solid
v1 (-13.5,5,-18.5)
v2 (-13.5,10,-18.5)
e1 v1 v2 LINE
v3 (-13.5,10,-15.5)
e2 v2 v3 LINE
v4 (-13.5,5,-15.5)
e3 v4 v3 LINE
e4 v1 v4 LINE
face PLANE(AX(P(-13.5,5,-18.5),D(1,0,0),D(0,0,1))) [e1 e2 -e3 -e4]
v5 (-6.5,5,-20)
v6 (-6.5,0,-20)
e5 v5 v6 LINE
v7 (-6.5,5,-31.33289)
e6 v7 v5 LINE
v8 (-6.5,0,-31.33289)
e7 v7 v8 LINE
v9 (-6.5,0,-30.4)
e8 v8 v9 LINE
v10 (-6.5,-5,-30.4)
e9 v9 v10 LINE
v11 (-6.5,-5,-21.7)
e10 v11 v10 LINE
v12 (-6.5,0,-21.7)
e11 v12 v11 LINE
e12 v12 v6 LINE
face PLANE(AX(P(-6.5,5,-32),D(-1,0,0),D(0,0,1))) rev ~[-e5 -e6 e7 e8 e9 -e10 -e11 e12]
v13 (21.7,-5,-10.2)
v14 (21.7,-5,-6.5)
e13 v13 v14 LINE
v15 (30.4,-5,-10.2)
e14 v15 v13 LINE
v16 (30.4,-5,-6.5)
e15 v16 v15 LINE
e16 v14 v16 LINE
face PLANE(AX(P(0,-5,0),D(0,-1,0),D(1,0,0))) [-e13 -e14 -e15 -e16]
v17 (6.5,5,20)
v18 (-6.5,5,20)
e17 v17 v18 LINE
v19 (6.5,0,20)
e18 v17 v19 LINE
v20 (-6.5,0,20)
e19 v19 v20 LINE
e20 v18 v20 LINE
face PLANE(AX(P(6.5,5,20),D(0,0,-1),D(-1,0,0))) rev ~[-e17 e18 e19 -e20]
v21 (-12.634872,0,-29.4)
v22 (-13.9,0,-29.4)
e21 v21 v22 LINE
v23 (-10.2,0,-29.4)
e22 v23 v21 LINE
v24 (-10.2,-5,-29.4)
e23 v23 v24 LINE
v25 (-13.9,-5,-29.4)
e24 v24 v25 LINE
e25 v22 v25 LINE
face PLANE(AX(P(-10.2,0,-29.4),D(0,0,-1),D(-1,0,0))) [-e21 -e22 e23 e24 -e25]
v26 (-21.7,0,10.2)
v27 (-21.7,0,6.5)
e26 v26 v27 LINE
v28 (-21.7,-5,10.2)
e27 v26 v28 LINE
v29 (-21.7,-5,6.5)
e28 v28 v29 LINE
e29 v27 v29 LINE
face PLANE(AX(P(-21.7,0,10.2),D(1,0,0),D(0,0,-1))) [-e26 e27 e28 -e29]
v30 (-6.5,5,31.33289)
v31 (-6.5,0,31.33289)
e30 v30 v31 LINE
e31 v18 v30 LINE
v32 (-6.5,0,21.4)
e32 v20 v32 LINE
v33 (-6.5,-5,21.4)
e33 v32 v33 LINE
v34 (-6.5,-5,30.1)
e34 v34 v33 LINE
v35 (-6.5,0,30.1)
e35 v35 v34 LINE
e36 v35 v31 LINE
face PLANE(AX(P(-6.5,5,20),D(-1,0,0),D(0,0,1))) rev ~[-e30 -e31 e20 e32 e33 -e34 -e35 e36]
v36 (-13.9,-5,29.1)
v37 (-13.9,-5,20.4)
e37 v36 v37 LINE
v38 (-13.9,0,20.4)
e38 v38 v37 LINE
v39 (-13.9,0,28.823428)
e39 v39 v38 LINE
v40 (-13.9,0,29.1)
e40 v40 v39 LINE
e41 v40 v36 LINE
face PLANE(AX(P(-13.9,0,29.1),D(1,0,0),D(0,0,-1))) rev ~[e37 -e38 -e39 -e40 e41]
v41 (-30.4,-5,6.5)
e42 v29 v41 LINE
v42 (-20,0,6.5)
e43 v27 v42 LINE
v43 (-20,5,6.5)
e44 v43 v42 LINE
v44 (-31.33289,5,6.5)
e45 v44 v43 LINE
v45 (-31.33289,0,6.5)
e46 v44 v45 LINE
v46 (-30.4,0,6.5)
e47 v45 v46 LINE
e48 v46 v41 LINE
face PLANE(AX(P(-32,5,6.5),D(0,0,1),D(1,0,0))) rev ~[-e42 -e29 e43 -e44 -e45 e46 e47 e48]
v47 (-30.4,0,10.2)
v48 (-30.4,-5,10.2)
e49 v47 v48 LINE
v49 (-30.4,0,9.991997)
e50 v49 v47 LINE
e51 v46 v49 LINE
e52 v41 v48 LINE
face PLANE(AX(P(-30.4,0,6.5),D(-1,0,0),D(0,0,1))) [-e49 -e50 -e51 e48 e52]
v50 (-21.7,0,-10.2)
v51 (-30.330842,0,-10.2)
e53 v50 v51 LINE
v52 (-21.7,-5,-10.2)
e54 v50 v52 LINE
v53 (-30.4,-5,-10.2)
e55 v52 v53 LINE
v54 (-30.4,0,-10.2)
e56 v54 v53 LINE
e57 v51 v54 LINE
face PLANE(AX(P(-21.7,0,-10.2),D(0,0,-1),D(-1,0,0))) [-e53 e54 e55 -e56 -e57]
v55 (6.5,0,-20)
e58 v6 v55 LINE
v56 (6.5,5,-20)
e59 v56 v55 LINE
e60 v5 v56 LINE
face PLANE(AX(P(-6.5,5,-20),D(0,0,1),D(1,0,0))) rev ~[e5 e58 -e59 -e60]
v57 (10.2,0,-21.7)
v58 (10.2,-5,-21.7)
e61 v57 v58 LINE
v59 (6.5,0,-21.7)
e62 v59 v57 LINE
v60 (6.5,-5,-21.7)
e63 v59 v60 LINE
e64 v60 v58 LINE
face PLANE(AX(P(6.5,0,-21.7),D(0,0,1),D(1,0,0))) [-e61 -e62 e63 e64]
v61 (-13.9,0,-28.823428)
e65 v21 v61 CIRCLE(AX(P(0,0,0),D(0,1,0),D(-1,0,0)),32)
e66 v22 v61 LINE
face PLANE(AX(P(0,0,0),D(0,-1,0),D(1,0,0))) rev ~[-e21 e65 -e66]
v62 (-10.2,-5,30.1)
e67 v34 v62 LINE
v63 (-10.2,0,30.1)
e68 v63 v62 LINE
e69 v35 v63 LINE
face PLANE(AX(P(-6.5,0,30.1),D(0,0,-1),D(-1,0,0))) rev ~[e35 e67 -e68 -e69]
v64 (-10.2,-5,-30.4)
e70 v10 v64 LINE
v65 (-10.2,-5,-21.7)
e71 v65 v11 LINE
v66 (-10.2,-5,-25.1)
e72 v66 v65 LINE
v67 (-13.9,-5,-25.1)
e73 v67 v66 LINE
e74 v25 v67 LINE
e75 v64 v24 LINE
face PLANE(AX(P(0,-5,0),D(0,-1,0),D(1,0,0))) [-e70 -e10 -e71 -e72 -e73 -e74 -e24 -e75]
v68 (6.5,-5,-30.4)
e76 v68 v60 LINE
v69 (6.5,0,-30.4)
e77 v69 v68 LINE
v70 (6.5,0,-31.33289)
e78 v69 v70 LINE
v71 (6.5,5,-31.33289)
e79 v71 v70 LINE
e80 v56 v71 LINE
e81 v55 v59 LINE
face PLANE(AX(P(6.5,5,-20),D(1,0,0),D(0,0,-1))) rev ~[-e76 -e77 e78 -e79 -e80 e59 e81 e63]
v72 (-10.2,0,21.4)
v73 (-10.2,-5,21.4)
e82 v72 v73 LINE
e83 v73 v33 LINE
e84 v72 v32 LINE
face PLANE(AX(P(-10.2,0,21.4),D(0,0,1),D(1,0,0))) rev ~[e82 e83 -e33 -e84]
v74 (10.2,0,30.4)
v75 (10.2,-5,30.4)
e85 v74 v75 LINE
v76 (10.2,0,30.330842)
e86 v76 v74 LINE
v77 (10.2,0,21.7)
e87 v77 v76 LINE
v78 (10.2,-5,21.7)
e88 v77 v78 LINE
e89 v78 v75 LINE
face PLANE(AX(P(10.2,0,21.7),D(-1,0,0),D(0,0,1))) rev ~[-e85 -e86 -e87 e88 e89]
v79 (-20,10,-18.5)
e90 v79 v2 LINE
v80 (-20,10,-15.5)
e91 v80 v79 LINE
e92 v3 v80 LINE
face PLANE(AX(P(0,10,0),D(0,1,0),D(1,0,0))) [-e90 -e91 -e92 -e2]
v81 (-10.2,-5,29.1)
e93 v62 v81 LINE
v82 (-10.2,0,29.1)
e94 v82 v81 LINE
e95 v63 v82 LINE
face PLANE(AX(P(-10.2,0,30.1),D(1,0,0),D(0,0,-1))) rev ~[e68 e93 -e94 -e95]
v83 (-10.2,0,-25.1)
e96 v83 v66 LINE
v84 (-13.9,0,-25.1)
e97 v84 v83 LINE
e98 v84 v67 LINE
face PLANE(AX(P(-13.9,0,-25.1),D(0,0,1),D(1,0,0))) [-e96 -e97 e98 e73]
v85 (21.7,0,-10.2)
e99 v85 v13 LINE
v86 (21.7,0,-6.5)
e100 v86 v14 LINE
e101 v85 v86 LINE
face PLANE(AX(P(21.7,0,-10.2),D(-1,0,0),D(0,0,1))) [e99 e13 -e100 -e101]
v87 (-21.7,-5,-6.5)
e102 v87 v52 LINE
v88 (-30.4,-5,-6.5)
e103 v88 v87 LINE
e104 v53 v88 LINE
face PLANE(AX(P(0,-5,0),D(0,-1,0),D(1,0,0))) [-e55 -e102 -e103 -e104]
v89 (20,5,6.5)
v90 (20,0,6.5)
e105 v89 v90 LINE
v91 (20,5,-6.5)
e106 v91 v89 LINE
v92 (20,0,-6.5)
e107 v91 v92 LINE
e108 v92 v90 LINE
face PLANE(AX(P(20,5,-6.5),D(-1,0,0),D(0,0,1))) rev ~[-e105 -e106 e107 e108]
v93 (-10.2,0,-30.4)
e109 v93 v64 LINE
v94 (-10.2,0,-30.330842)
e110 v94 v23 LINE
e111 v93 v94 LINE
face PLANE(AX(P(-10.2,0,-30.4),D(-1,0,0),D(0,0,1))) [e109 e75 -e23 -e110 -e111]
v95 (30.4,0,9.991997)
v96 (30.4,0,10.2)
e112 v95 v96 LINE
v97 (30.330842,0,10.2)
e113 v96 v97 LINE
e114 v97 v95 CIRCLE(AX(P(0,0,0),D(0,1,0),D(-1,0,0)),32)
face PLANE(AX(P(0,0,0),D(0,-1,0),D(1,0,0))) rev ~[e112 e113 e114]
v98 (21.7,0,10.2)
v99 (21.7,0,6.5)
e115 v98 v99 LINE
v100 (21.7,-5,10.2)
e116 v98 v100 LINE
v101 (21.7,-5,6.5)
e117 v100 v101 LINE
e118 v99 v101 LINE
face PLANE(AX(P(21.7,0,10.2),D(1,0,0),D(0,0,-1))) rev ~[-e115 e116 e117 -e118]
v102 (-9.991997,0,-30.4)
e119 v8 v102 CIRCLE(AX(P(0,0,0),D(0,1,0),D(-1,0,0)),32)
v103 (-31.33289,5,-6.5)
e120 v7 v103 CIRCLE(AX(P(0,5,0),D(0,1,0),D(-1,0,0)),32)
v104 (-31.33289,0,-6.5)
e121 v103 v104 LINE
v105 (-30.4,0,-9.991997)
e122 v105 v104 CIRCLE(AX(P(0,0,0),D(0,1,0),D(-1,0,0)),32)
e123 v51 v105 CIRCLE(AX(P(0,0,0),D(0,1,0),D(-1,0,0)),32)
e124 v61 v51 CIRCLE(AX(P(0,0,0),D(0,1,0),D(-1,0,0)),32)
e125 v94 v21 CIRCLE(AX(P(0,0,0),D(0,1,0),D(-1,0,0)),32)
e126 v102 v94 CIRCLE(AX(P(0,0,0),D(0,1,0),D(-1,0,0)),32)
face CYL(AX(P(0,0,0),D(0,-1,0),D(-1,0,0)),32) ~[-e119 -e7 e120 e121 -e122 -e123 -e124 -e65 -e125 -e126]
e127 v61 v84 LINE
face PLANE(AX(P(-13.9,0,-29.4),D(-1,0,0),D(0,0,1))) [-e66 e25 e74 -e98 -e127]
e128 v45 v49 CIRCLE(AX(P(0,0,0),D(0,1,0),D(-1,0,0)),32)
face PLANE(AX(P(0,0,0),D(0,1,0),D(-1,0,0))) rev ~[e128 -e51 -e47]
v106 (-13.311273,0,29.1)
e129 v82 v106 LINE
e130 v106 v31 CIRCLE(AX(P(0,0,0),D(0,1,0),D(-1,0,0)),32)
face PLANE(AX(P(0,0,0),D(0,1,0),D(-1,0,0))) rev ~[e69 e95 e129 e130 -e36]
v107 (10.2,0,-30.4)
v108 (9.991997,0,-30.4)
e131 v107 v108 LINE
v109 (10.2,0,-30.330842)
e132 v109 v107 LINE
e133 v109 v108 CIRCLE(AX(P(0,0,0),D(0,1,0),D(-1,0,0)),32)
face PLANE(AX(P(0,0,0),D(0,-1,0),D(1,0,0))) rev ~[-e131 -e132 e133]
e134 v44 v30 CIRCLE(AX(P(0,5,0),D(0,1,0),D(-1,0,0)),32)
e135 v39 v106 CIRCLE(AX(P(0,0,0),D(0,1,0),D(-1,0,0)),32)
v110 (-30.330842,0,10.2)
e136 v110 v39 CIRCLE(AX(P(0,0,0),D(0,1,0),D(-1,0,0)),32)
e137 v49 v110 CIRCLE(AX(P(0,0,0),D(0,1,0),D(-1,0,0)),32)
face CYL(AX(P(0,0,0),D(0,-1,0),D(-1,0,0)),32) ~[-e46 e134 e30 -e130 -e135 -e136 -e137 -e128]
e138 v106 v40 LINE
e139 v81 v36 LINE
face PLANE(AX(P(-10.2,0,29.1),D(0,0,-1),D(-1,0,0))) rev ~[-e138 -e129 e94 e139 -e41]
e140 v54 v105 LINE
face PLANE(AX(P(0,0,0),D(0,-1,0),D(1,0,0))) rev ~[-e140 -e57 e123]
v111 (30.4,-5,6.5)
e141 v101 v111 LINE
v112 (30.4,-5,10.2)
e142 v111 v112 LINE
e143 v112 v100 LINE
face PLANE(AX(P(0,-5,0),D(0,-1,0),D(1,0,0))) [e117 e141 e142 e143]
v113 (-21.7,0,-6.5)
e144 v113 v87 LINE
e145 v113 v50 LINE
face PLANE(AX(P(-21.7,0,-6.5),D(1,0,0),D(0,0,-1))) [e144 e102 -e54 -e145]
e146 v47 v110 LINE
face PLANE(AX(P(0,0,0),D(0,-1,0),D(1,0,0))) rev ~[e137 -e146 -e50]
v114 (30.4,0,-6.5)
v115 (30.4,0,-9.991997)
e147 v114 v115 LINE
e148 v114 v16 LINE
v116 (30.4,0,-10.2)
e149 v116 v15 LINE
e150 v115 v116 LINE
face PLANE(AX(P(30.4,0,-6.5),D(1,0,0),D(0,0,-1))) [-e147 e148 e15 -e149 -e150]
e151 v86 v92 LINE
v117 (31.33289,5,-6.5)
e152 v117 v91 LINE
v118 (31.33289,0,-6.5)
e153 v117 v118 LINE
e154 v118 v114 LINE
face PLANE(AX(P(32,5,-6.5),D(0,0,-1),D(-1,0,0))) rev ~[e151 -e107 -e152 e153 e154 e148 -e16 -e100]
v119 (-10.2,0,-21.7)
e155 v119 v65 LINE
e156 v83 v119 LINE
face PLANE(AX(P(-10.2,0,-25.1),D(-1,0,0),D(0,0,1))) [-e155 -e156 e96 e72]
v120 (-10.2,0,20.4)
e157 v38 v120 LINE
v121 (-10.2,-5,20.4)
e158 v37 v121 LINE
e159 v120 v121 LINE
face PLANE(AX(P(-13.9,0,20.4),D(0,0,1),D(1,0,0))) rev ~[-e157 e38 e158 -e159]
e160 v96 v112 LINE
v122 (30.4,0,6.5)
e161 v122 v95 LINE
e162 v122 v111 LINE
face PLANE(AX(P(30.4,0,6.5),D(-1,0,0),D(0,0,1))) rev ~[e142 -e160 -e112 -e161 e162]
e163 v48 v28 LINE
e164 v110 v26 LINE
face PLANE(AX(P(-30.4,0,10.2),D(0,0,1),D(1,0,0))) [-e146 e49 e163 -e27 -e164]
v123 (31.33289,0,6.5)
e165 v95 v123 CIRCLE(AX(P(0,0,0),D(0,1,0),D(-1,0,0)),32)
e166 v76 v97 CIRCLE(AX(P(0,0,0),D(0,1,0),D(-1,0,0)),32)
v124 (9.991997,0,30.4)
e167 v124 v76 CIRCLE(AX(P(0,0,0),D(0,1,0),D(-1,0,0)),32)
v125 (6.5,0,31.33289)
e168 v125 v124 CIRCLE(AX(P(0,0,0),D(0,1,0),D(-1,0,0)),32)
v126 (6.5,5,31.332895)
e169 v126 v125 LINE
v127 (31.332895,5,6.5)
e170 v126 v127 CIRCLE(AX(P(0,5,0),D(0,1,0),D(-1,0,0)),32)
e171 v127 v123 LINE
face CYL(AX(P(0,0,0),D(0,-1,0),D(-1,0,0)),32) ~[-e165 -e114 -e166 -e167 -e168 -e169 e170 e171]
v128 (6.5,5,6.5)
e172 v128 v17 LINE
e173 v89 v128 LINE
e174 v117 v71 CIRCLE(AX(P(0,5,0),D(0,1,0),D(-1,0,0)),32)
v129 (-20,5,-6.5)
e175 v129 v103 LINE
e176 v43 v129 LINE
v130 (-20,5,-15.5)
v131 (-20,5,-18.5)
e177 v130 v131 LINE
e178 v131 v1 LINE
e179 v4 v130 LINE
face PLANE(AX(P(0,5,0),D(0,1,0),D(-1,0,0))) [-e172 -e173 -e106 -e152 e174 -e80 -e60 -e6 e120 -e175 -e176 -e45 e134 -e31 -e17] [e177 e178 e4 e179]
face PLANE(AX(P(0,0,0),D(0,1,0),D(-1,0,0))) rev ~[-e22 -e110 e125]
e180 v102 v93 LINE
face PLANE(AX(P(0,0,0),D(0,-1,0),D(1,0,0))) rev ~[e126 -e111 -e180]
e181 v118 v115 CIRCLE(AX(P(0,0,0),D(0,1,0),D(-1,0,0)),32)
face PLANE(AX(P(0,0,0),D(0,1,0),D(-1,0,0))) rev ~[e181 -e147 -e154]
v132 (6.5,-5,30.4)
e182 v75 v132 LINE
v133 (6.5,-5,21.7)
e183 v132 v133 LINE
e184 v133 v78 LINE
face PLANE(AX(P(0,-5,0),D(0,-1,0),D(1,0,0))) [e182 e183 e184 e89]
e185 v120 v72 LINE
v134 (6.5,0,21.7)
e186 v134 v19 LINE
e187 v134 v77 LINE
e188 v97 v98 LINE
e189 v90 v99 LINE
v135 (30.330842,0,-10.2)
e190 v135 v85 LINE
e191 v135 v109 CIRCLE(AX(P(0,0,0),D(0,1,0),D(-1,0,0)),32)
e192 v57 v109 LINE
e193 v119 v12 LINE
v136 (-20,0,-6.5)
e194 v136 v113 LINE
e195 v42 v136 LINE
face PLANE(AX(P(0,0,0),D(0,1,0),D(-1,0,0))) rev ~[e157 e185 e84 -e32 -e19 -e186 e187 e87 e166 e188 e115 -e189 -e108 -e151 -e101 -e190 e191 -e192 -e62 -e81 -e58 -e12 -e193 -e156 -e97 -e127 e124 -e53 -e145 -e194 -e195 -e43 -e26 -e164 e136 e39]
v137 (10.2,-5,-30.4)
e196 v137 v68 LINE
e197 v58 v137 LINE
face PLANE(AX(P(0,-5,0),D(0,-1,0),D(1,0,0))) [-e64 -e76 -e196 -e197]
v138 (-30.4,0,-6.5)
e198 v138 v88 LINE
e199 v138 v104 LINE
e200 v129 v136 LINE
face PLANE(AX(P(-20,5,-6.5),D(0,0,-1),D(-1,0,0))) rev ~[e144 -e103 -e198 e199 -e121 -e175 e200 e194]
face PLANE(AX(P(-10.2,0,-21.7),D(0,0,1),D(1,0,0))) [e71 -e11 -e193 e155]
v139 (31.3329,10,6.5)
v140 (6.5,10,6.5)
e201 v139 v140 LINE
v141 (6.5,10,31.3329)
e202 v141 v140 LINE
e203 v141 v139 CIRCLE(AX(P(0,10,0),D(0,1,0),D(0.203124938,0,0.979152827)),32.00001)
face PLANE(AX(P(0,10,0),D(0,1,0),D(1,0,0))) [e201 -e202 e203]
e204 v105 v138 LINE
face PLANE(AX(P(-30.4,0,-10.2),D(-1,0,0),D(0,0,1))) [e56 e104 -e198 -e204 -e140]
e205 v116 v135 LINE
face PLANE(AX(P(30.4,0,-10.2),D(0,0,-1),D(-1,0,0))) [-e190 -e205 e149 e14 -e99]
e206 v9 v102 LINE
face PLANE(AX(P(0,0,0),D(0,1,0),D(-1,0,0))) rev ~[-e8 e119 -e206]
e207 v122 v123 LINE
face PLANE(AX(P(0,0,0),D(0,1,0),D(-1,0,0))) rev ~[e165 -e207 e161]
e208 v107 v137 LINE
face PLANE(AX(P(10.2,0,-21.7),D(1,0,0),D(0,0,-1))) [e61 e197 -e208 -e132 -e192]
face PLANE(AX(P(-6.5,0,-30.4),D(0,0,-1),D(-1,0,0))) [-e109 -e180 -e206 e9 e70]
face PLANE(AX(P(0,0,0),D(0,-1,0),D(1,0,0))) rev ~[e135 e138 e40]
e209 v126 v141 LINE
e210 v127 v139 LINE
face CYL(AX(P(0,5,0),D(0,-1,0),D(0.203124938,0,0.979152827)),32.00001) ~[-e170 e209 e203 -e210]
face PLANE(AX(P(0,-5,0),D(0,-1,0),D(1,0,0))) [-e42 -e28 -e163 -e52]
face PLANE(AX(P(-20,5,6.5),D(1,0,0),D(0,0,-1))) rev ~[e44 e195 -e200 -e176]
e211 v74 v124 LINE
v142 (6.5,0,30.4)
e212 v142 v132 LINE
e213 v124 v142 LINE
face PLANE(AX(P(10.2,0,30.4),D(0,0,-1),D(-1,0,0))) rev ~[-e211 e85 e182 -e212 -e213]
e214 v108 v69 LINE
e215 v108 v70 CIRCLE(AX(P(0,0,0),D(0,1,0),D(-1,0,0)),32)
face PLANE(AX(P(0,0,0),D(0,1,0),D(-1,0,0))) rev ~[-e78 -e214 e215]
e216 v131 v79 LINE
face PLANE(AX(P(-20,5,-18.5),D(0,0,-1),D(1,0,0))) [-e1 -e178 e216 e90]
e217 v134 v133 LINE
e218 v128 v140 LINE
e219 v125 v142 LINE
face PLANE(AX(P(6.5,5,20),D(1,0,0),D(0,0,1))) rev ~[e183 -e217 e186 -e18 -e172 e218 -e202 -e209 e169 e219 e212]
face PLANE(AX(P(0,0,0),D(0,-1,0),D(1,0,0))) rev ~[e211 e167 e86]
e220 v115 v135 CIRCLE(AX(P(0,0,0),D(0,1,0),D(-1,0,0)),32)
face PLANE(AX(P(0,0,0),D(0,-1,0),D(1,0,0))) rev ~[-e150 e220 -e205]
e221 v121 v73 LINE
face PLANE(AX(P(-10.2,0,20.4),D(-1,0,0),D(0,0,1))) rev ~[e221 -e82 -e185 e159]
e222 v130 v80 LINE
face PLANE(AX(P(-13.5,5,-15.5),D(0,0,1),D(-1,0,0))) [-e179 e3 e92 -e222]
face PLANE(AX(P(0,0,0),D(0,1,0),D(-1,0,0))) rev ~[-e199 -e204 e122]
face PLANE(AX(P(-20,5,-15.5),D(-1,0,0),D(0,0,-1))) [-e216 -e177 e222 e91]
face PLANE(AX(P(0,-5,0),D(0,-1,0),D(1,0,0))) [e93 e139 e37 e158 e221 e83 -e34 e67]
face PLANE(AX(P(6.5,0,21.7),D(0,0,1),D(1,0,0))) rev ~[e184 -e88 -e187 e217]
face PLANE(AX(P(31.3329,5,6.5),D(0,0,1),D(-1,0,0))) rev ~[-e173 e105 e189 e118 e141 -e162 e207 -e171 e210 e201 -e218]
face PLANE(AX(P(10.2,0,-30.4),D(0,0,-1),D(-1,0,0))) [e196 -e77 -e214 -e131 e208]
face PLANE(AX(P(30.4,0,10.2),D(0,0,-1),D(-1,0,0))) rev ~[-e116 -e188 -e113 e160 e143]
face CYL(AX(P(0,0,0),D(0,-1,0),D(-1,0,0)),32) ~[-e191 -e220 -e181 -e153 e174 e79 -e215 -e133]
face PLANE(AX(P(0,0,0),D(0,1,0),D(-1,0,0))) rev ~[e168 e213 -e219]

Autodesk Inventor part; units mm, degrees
ref_plane "YZ Plane" through (0, 0, 0) normal (1, 0, 0) x (0, 1, 0)
ref_plane "XZ Plane" through (0, 0, 0) normal (0, 1, 0) x (-1, 0, 0)
ref_plane "XY Plane" through (0, 0, 0) normal (0, 0, 1) x (1, 0, 0)
sketch "Sketch4" plane through (0, 0, 0) normal (0, 1, 0) x (-1, 0, 0)
  circle A0 centre (0, 0) radius 32
  dimension "d48" = 64
extrude "Extrusion1" add sketch "Sketch4" along normal blind 5
sketch "Sketch5" plane through (0, 5, 0) normal (0, 1, 0) x (1, 0, 0)
  line L0 (-6.5, -32) -> (6.5, -32)
  line L1 (6.5, -32) -> (6.5, -20)
  line L2 (6.5, -20) -> (-6.5, -20)
  line L3 (-6.5, -20) -> (-6.5, -32)
  line L4 (-32, -6.5) -> (-20, -6.5)
  line L5 (-20, -6.5) -> (-20, 6.5)
  line L6 (-20, 6.5) -> (-32, 6.5)
  line L7 (-32, 6.5) -> (-32, -6.5)
  line L8 (-6.5, 20) -> (6.5, 20)
  line L9 (6.5, 20) -> (6.5, 32)
  line L10 (6.5, 32) -> (-6.5, 32)
  line L11 (-6.5, 32) -> (-6.5, 20)
  line L12 (20, -6.5) -> (32, -6.5)
  line L13 (32, -6.5) -> (32, 6.5)
  line L14 (32, 6.5) -> (20, 6.5)
  line L15 (20, 6.5) -> (20, -6.5)
  line L16 (0, 0) -> (-6.9492, 0)
  line L17 (0, 0) -> (0, 8.4834)
  dimension "d51" = 13
  dimension "d52" = 12
  dimension "d53" = 12
  dimension "d54" = 13
  dimension "d57" = 13
  dimension "d58" = 12
  dimension "d59" = 12
  dimension "d60" = 13
  dimension "d61" = 40
  dimension "d62" = 40
extrude "Extrusion2" cut sketch "Sketch5" against normal blind 5
sketch "Sketch6" plane through (0, 5, 0) normal (0, 1, 0) x (1, 0, 0)
  arc A0 (6.5, -31.3329) -> (31.3329, -6.5) centre (0, 0) ccw projected
  line L0 (31.3329, -6.5) -> (6.5, -6.5)
  line L1 (6.5, -6.5) -> (6.5, -31.3329)
  line L2 (6.5, -31.3329) -> (6.5, -20) projected
  arc A1 (6.5, -31.3329) -> (31.3329, -6.5) centre (0, 0) ccw
extrude "Extrusion3" add sketch "Sketch6" along normal blind 5
sketch "Sketch7" plane through (0, 5, 0) normal (0, 1, 0) x (1, 0, 0)
  line L0 (-20, 6.5) -> (-20, -6.5) projected
  line L1 (-20, 6.5) -> (-20, 20)
  line L2 (6.5, 20) -> (-6.5, 20) projected
  line L3 (-6.5, 20) -> (-20, 20)
  line L4 (-20, 18.5) -> (-13.5, 18.5)
  line L5 (-13.5, 18.5) -> (-13.5, 15.5)
  line L6 (-13.5, 15.5) -> (-20, 15.5)
  line L7 (-20, 15.5) -> (-20, 18.5)
  line L8 (-6.5, 20) -> (-6.5, 31.3329) projected
  point P0 (0, 0)
  dimension "d69" = 7
  dimension "d70" = 1.5
  dimension "d71" = 6.5
  dimension "d72" = 3
extrude "Extrusion4" add sketch "Sketch7" along normal blind 5
sketch "Sketch8" plane through (0, 0, 0) normal (0, -1, 0) x (1, 0, 0)
  point P0 (0, 0)
sketch "Sketch9" plane through (0, 0, 0) normal (0, -1, 0) x (1, 0, 0)
  line L0 (-31.3329, -6.5) -> (-20, -6.5) projected
  line L1 (-30.4, -6.5) -> (-21.7, -6.5)
  line L2 (-21.7, -6.5) -> (-21.7, -10.2)
  line L3 (-21.7, -10.2) -> (-30.4, -10.2)
  line L4 (-30.4, -10.2) -> (-30.4, -6.5)
  line L5 (-20, 6.5) -> (-31.3329, 6.5) projected
  line L6 (-21.7, 6.5) -> (-30.4, 6.5)
  line L7 (-30.4, 6.5) -> (-30.4, 10.2)
  line L8 (-30.4, 10.2) -> (-21.7, 10.2)
  line L9 (-21.7, 10.2) -> (-21.7, 6.5)
  line L10 (6.5, 31.3329) -> (6.5, 20) projected
  line L11 (6.5, 21.7) -> (10.2, 21.7)
  line L12 (10.2, 21.7) -> (10.2, 30.4)
  line L13 (10.2, 30.4) -> (6.5, 30.4)
  line L14 (6.5, 30.4) -> (6.5, 21.7)
  line L15 (6.5, -31.3329) -> (6.5, -20) projected
  line L16 (6.5, -21.7) -> (10.2, -21.7)
  line L17 (10.2, -21.7) -> (10.2, -30.4)
  line L18 (10.2, -30.4) -> (6.5, -30.4)
  line L19 (6.5, -30.4) -> (6.5, -21.7)
  line L20 (20, 6.5) -> (31.3329, 6.5) projected
  line L21 (21.7, 6.5) -> (30.4, 6.5)
  line L22 (30.4, 6.5) -> (30.4, 10.2)
  line L23 (30.4, 10.2) -> (21.7, 10.2)
  line L24 (21.7, 10.2) -> (21.7, 6.5)
  line L25 (21.7, -6.5) -> (30.4, -6.5)
  line L26 (30.4, -6.5) -> (30.4, -10.2)
  line L27 (30.4, -10.2) -> (21.7, -10.2)
  line L28 (21.7, -10.2) -> (21.7, -6.5)
  line L29 (-6.5, -20) -> (-6.5, -31.3329) projected
  line L30 (-6.5, -30.4) -> (-10.2, -30.4)
  line L31 (-10.2, -30.4) -> (-10.2, -21.7)
  line L32 (-10.2, -21.7) -> (-6.5, -21.7)
  line L33 (-6.5, -21.7) -> (-6.5, -30.4)
  line L34 (-6.5, 31.3329) -> (-6.5, 20) projected
  line L35 (-10.2, 21.4) -> (-6.5, 21.4)
  line L36 (-6.5, 21.4) -> (-6.5, 30.1)
  line L37 (-6.5, 30.1) -> (-10.2, 30.1)
  line L38 (-10.2, 30.1) -> (-10.2, 21.4)
  line L39 (-6.5, -20) -> (6.5, -20) projected
  line L40 (20, -6.5) -> (20, 6.5) projected
  line L41 (6.5, 20) -> (-6.5, 20) projected
  line L42 (-20, 6.5) -> (-20, -6.5) projected
  line L43 (-10.2, -29.4) -> (-13.9, -29.4)
  line L44 (-13.9, -29.4) -> (-13.9, -25.1)
  line L45 (-13.9, -25.1) -> (-10.2, -25.1)
  line L46 (-10.2, -25.1) -> (-10.2, -29.4)
  line L47 (-13.9, 20.4) -> (-10.2, 20.4)
  line L48 (-10.2, 20.4) -> (-10.2, 29.1)
  line L49 (-10.2, 29.1) -> (-13.9, 29.1)
  line L50 (-13.9, 29.1) -> (-13.9, 20.4)
  point P0 (0, 0)
  dimension "d75" = 1.7
  dimension "d76" = 8.7
  dimension "d77" = 3.7
  dimension "d78" = 1.7
  dimension "d79" = 8.7
  dimension "d80" = 3.7
  dimension "d81" = 1.7
  dimension "d82" = 3.7
  dimension "d83" = 8.7
  dimension "d84" = 3.7
  dimension "d85" = 8.7
  dimension "d86" = 8.7
  dimension "d87" = 1.7
  dimension "d90" = 1.7
  dimension "d91" = 8.7
  dimension "d96" = 3.7
  dimension "d97" = 4.3
  dimension "d98" = 1
  dimension "d101" = 10.1
  dimension "d102" = 3.7
  dimension "d103" = 8.7
  dimension "d104" = 1
extrude "Extrusion5" add sketch "Sketch9" along normal blind 5
properties part number "Circuit"
